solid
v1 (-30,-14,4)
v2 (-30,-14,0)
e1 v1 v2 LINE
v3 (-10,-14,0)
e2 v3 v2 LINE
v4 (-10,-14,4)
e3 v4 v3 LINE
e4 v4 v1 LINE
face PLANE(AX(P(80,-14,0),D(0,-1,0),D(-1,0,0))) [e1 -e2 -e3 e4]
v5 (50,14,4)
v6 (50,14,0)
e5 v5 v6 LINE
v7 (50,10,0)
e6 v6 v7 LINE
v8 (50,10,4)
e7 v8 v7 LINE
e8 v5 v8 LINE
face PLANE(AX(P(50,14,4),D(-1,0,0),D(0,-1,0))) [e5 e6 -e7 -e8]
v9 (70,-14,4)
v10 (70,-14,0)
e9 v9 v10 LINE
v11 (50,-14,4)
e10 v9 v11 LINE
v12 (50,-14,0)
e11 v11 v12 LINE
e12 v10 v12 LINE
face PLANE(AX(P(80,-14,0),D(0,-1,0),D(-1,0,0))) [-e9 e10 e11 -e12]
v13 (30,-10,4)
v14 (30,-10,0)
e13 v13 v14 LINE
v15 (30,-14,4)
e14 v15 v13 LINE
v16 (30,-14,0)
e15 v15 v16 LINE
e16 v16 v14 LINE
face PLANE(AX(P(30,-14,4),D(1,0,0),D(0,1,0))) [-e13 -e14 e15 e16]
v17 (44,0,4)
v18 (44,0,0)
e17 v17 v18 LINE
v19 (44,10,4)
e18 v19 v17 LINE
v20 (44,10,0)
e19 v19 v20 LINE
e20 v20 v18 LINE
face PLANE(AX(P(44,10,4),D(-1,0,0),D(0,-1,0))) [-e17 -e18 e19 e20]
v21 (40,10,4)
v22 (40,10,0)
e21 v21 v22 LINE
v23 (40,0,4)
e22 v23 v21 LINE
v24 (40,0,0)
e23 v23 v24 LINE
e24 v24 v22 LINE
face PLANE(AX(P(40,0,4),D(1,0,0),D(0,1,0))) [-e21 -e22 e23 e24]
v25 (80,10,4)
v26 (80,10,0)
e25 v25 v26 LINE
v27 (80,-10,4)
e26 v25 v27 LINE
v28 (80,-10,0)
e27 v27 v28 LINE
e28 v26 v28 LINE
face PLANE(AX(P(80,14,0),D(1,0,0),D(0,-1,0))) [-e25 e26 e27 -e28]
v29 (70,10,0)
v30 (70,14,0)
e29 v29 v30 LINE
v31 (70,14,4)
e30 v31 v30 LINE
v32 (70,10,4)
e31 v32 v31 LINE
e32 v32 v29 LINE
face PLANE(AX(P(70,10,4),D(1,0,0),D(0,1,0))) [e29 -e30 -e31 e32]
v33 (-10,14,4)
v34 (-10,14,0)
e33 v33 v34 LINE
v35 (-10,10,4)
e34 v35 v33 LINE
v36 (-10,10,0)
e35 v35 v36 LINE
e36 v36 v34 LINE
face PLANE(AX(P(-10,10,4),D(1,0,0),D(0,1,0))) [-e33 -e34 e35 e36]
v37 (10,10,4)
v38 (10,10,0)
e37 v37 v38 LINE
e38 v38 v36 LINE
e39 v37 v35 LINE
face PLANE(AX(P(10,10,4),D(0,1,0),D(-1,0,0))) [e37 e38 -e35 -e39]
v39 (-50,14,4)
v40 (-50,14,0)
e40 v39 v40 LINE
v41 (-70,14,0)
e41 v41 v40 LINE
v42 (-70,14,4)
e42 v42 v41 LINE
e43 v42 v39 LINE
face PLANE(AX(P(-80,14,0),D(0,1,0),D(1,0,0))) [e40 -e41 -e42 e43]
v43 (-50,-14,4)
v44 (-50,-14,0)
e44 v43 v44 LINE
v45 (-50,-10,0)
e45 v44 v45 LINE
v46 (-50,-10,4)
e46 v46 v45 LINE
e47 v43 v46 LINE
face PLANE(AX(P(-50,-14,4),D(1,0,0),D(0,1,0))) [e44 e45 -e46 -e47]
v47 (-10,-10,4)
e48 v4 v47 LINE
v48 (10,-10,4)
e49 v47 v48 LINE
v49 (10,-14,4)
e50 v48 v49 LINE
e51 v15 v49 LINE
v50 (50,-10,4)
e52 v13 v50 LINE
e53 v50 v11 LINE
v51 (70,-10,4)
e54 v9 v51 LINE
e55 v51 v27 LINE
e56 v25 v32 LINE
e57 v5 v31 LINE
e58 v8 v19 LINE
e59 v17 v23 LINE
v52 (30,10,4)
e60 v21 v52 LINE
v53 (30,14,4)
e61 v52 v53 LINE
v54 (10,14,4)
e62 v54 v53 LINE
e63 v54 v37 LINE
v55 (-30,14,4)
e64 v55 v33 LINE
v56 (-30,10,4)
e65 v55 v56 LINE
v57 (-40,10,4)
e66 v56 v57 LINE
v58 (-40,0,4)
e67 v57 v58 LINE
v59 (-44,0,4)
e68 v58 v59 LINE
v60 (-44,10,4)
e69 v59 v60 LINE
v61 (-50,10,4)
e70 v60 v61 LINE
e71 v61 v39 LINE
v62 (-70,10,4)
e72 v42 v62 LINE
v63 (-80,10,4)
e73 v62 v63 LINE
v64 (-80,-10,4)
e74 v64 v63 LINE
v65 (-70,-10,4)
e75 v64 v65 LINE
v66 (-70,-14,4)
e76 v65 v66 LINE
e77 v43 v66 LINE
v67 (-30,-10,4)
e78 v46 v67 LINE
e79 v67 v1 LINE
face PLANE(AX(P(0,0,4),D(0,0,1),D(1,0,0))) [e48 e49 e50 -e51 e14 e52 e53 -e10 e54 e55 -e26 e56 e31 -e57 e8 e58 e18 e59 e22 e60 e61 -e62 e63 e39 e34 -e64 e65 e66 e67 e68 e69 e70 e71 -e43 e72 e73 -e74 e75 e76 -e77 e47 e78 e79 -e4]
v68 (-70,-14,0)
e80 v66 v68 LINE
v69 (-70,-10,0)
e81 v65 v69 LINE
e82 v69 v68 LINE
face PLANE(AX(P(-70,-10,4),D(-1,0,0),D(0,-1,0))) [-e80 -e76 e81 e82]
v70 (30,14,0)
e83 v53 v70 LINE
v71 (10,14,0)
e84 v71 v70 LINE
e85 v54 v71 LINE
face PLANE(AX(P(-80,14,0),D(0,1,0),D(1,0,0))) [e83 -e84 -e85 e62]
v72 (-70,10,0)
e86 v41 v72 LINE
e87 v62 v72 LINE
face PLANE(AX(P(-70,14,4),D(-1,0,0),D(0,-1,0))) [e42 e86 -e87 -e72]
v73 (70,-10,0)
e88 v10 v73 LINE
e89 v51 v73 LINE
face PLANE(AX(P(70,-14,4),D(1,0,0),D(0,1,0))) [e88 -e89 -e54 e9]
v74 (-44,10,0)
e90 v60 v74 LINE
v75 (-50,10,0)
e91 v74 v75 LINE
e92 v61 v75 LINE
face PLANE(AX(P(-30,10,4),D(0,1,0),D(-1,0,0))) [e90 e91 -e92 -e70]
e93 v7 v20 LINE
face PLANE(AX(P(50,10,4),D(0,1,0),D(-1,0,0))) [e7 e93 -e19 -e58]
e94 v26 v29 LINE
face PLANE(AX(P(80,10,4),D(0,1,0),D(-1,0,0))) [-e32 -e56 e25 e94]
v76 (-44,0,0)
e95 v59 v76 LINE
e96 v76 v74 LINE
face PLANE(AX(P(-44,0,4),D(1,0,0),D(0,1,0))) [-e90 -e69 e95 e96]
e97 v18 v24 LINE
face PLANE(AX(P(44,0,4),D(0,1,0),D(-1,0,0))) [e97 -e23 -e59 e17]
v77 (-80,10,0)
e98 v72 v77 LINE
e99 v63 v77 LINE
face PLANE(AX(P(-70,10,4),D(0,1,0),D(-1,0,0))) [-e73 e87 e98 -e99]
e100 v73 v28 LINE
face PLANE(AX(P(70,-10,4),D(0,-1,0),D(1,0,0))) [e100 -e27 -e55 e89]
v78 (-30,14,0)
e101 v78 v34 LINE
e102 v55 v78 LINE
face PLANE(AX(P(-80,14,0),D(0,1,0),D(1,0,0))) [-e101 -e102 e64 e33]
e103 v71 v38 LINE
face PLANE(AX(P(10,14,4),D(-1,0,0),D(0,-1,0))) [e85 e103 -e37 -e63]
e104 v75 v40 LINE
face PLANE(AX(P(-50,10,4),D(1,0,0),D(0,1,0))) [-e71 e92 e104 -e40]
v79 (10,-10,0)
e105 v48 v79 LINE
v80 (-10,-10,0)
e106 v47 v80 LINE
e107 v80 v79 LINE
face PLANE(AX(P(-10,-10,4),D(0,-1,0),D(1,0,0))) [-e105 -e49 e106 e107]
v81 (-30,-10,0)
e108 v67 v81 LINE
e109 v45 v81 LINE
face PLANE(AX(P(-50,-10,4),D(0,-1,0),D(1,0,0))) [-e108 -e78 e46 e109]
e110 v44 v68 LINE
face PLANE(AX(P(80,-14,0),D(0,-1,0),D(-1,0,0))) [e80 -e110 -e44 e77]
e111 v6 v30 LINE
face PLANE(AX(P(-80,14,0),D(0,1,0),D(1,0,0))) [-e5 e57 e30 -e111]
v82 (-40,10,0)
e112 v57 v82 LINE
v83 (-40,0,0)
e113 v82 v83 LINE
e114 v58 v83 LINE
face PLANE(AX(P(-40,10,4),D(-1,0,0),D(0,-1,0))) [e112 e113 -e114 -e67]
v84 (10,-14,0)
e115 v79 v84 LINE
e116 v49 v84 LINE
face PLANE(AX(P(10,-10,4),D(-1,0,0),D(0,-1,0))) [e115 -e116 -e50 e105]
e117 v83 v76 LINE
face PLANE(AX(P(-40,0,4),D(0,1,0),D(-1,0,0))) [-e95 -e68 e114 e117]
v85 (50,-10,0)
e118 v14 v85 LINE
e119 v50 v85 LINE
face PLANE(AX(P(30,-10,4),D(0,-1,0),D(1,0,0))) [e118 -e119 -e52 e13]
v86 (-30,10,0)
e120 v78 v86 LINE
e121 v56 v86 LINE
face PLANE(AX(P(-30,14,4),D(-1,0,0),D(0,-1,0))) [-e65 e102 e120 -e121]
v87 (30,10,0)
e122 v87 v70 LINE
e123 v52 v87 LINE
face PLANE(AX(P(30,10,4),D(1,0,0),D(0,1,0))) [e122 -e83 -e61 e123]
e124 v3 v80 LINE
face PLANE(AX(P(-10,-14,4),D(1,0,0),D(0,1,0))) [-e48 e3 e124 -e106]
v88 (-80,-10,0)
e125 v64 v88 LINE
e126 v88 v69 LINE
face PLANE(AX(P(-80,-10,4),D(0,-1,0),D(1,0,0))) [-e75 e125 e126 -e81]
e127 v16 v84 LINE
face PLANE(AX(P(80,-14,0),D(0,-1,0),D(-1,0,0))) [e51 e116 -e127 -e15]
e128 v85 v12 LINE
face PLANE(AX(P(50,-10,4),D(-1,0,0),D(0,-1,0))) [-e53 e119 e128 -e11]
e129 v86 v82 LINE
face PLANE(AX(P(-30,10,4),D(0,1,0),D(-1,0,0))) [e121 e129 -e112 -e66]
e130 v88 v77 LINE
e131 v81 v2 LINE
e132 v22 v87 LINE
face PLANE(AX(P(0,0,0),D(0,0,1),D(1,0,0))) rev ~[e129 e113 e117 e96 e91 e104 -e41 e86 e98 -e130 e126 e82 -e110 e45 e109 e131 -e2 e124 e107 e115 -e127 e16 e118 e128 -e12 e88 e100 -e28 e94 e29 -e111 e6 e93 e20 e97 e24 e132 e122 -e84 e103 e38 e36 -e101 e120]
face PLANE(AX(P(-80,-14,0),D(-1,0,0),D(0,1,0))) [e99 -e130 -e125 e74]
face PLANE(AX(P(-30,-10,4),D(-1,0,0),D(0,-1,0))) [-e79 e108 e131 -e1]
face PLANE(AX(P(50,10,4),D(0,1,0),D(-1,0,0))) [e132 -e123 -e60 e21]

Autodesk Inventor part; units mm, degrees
ref_plane "YZ Plane" through (0, 0, 0) normal (1, 0, 0) x (0, 1, 0)
ref_plane "XZ Plane" through (0, 0, 0) normal (0, 1, 0) x (-1, 0, 0)
ref_plane "XY Plane" through (0, 0, 0) normal (0, 0, 1) x (1, 0, 0)
sketch "Sketch1" plane through (0, 0, 0) normal (0, 0, 1) x (1, 0, 0)
  line L0 (-80, 14) -> (80, 14)
  line L1 (80, 14) -> (80, -14)
  line L2 (80, -14) -> (-80, -14)
  line L3 (-80, -14) -> (-80, 14)
  point P0 (0, 0)
  dimension "d0" = 160
  dimension "d1" = 28
  dimension "d2" = 14
  dimension "d3" = 80
extrude "Base" add sketch "Sketch1" along normal blind 4
sketch "Sketch2" plane through (0, 0, 4) normal (0, 0, 1) x (1, 0, 0)
  line L0 (-80, 14) -> (80, 14) projected
  line L1 (80, -14) -> (-80, -14) projected
  line L2 (-50, 14) -> (-30, 14)
  line L3 (-30, 14) -> (-30, 10)
  line L4 (-30, 10) -> (-50, 10)
  line L5 (-50, 10) -> (-50, 14)
  line L6 (-10, 14) -> (10, 14)
  line L7 (10, 14) -> (10, 10)
  line L8 (10, 10) -> (-10, 10)
  line L9 (-10, 10) -> (-10, 14)
  line L10 (30, 14) -> (50, 14)
  line L11 (50, 14) -> (50, 10)
  line L12 (50, 10) -> (30, 10)
  line L13 (30, 10) -> (30, 14)
  line L14 (-50, -10) -> (-30, -10)
  line L15 (-30, -10) -> (-30, -14)
  line L16 (-30, -14) -> (-50, -14)
  line L17 (-50, -14) -> (-50, -10)
  line L18 (-10, -10) -> (10, -10)
  line L19 (10, -10) -> (10, -14)
  line L20 (10, -14) -> (-10, -14)
  line L21 (-10, -14) -> (-10, -10)
  line L22 (30, -10) -> (50, -10)
  line L23 (50, -10) -> (50, -14)
  line L24 (50, -14) -> (30, -14)
  line L25 (30, -14) -> (30, -10)
  line L26 (80, 14) -> (80, -14) projected
  line L27 (-80, -14) -> (-80, 14) projected
  line L28 (-80, -10) -> (-70, -10)
  line L29 (-70, -10) -> (-70, -14)
  line L30 (-70, -14) -> (-80, -14)
  line L31 (-80, -14) -> (-80, -10)
  line L32 (-80, 14) -> (-70, 14)
  line L33 (-70, 14) -> (-70, 10)
  line L34 (-70, 10) -> (-80, 10)
  line L35 (-80, 10) -> (-80, 14)
  line L36 (70, 14) -> (80, 14)
  line L37 (80, 14) -> (80, 10)
  line L38 (80, 10) -> (70, 10)
  line L39 (70, 10) -> (70, 14)
  line L40 (70, -10) -> (80, -10)
  line L41 (80, -10) -> (80, -14)
  line L42 (80, -14) -> (70, -14)
  line L43 (70, -14) -> (70, -10)
  point P0 (0, 0)
  dimension "d6" = 20
  dimension "d7" = 4
  dimension "d10" = 40
  dimension "d19" = 20
  dimension "d20" = 4
  dimension "d21" = 40
  dimension "d25" = 0
  dimension "d40" = 4
  dimension "d42" = 10
  dimension "d43" = 10
  dimension "d44" = 10
  dimension "d45" = 4
  dimension "d54" = 10
  dimension "d55" = 4
  dimension "d64" = 10
  dimension "d65" = 4
  dimension "d74" = 10
  dimension "d75" = 4
  dimension "d76" = 0
  dimension "d77" = 0
  dimension "d78" = 0
  dimension "d79" = 0
  dimension "d80" = 0
  dimension "d81" = 0
  dimension "d82" = 0
  dimension "d83" = 0
extrude "Platformsleeves" cut sketch "Sketch2" against normal blind 4 contours L0 L33 L34 L27 | L0 L3 L4 L5 | L28 L29 L1 L27 | L0 L7 L8 L9 | L17 L14 L15 L1 | L0 L11 L12 L13 | L21 L18 L19 L1 | L0 L26 L38 L39 | L25 L22 L23 L1 | L26 L1 L43 L40
sketch "Sketch4" plane through (0, 0, 4) normal (0, 0, 1) x (1, 0, 0)
  line L0 (30, 10) -> (30, 14) projected
  line L1 (-30, 14) -> (-30, 10) projected
  line L2 (-30, 10) -> (-50, 10) projected
  line L3 (50, 10) -> (30, 10) projected
  line L4 (-44, 10) -> (-40, 10)
  line L5 (-40, 10) -> (-40, 0)
  line L6 (-40, 0) -> (-44, 0)
  line L7 (-44, 0) -> (-44, 10)
  line L8 (40, 10) -> (44, 10)
  line L9 (44, 10) -> (44, 0)
  line L10 (44, 0) -> (40, 0)
  line L11 (40, 0) -> (40, 10)
  point P0 (0, 0)
  dimension "d86" = 4
  dimension "d87" = 10
  dimension "d88" = 10
  dimension "d89" = 0
  dimension "d90" = 4
  dimension "d91" = 10
  dimension "d92" = 10
  dimension "d93" = 0
extrude "Sleeves" cut sketch "Sketch4" against normal blind 4
properties part number "LongMiddleStructure"
